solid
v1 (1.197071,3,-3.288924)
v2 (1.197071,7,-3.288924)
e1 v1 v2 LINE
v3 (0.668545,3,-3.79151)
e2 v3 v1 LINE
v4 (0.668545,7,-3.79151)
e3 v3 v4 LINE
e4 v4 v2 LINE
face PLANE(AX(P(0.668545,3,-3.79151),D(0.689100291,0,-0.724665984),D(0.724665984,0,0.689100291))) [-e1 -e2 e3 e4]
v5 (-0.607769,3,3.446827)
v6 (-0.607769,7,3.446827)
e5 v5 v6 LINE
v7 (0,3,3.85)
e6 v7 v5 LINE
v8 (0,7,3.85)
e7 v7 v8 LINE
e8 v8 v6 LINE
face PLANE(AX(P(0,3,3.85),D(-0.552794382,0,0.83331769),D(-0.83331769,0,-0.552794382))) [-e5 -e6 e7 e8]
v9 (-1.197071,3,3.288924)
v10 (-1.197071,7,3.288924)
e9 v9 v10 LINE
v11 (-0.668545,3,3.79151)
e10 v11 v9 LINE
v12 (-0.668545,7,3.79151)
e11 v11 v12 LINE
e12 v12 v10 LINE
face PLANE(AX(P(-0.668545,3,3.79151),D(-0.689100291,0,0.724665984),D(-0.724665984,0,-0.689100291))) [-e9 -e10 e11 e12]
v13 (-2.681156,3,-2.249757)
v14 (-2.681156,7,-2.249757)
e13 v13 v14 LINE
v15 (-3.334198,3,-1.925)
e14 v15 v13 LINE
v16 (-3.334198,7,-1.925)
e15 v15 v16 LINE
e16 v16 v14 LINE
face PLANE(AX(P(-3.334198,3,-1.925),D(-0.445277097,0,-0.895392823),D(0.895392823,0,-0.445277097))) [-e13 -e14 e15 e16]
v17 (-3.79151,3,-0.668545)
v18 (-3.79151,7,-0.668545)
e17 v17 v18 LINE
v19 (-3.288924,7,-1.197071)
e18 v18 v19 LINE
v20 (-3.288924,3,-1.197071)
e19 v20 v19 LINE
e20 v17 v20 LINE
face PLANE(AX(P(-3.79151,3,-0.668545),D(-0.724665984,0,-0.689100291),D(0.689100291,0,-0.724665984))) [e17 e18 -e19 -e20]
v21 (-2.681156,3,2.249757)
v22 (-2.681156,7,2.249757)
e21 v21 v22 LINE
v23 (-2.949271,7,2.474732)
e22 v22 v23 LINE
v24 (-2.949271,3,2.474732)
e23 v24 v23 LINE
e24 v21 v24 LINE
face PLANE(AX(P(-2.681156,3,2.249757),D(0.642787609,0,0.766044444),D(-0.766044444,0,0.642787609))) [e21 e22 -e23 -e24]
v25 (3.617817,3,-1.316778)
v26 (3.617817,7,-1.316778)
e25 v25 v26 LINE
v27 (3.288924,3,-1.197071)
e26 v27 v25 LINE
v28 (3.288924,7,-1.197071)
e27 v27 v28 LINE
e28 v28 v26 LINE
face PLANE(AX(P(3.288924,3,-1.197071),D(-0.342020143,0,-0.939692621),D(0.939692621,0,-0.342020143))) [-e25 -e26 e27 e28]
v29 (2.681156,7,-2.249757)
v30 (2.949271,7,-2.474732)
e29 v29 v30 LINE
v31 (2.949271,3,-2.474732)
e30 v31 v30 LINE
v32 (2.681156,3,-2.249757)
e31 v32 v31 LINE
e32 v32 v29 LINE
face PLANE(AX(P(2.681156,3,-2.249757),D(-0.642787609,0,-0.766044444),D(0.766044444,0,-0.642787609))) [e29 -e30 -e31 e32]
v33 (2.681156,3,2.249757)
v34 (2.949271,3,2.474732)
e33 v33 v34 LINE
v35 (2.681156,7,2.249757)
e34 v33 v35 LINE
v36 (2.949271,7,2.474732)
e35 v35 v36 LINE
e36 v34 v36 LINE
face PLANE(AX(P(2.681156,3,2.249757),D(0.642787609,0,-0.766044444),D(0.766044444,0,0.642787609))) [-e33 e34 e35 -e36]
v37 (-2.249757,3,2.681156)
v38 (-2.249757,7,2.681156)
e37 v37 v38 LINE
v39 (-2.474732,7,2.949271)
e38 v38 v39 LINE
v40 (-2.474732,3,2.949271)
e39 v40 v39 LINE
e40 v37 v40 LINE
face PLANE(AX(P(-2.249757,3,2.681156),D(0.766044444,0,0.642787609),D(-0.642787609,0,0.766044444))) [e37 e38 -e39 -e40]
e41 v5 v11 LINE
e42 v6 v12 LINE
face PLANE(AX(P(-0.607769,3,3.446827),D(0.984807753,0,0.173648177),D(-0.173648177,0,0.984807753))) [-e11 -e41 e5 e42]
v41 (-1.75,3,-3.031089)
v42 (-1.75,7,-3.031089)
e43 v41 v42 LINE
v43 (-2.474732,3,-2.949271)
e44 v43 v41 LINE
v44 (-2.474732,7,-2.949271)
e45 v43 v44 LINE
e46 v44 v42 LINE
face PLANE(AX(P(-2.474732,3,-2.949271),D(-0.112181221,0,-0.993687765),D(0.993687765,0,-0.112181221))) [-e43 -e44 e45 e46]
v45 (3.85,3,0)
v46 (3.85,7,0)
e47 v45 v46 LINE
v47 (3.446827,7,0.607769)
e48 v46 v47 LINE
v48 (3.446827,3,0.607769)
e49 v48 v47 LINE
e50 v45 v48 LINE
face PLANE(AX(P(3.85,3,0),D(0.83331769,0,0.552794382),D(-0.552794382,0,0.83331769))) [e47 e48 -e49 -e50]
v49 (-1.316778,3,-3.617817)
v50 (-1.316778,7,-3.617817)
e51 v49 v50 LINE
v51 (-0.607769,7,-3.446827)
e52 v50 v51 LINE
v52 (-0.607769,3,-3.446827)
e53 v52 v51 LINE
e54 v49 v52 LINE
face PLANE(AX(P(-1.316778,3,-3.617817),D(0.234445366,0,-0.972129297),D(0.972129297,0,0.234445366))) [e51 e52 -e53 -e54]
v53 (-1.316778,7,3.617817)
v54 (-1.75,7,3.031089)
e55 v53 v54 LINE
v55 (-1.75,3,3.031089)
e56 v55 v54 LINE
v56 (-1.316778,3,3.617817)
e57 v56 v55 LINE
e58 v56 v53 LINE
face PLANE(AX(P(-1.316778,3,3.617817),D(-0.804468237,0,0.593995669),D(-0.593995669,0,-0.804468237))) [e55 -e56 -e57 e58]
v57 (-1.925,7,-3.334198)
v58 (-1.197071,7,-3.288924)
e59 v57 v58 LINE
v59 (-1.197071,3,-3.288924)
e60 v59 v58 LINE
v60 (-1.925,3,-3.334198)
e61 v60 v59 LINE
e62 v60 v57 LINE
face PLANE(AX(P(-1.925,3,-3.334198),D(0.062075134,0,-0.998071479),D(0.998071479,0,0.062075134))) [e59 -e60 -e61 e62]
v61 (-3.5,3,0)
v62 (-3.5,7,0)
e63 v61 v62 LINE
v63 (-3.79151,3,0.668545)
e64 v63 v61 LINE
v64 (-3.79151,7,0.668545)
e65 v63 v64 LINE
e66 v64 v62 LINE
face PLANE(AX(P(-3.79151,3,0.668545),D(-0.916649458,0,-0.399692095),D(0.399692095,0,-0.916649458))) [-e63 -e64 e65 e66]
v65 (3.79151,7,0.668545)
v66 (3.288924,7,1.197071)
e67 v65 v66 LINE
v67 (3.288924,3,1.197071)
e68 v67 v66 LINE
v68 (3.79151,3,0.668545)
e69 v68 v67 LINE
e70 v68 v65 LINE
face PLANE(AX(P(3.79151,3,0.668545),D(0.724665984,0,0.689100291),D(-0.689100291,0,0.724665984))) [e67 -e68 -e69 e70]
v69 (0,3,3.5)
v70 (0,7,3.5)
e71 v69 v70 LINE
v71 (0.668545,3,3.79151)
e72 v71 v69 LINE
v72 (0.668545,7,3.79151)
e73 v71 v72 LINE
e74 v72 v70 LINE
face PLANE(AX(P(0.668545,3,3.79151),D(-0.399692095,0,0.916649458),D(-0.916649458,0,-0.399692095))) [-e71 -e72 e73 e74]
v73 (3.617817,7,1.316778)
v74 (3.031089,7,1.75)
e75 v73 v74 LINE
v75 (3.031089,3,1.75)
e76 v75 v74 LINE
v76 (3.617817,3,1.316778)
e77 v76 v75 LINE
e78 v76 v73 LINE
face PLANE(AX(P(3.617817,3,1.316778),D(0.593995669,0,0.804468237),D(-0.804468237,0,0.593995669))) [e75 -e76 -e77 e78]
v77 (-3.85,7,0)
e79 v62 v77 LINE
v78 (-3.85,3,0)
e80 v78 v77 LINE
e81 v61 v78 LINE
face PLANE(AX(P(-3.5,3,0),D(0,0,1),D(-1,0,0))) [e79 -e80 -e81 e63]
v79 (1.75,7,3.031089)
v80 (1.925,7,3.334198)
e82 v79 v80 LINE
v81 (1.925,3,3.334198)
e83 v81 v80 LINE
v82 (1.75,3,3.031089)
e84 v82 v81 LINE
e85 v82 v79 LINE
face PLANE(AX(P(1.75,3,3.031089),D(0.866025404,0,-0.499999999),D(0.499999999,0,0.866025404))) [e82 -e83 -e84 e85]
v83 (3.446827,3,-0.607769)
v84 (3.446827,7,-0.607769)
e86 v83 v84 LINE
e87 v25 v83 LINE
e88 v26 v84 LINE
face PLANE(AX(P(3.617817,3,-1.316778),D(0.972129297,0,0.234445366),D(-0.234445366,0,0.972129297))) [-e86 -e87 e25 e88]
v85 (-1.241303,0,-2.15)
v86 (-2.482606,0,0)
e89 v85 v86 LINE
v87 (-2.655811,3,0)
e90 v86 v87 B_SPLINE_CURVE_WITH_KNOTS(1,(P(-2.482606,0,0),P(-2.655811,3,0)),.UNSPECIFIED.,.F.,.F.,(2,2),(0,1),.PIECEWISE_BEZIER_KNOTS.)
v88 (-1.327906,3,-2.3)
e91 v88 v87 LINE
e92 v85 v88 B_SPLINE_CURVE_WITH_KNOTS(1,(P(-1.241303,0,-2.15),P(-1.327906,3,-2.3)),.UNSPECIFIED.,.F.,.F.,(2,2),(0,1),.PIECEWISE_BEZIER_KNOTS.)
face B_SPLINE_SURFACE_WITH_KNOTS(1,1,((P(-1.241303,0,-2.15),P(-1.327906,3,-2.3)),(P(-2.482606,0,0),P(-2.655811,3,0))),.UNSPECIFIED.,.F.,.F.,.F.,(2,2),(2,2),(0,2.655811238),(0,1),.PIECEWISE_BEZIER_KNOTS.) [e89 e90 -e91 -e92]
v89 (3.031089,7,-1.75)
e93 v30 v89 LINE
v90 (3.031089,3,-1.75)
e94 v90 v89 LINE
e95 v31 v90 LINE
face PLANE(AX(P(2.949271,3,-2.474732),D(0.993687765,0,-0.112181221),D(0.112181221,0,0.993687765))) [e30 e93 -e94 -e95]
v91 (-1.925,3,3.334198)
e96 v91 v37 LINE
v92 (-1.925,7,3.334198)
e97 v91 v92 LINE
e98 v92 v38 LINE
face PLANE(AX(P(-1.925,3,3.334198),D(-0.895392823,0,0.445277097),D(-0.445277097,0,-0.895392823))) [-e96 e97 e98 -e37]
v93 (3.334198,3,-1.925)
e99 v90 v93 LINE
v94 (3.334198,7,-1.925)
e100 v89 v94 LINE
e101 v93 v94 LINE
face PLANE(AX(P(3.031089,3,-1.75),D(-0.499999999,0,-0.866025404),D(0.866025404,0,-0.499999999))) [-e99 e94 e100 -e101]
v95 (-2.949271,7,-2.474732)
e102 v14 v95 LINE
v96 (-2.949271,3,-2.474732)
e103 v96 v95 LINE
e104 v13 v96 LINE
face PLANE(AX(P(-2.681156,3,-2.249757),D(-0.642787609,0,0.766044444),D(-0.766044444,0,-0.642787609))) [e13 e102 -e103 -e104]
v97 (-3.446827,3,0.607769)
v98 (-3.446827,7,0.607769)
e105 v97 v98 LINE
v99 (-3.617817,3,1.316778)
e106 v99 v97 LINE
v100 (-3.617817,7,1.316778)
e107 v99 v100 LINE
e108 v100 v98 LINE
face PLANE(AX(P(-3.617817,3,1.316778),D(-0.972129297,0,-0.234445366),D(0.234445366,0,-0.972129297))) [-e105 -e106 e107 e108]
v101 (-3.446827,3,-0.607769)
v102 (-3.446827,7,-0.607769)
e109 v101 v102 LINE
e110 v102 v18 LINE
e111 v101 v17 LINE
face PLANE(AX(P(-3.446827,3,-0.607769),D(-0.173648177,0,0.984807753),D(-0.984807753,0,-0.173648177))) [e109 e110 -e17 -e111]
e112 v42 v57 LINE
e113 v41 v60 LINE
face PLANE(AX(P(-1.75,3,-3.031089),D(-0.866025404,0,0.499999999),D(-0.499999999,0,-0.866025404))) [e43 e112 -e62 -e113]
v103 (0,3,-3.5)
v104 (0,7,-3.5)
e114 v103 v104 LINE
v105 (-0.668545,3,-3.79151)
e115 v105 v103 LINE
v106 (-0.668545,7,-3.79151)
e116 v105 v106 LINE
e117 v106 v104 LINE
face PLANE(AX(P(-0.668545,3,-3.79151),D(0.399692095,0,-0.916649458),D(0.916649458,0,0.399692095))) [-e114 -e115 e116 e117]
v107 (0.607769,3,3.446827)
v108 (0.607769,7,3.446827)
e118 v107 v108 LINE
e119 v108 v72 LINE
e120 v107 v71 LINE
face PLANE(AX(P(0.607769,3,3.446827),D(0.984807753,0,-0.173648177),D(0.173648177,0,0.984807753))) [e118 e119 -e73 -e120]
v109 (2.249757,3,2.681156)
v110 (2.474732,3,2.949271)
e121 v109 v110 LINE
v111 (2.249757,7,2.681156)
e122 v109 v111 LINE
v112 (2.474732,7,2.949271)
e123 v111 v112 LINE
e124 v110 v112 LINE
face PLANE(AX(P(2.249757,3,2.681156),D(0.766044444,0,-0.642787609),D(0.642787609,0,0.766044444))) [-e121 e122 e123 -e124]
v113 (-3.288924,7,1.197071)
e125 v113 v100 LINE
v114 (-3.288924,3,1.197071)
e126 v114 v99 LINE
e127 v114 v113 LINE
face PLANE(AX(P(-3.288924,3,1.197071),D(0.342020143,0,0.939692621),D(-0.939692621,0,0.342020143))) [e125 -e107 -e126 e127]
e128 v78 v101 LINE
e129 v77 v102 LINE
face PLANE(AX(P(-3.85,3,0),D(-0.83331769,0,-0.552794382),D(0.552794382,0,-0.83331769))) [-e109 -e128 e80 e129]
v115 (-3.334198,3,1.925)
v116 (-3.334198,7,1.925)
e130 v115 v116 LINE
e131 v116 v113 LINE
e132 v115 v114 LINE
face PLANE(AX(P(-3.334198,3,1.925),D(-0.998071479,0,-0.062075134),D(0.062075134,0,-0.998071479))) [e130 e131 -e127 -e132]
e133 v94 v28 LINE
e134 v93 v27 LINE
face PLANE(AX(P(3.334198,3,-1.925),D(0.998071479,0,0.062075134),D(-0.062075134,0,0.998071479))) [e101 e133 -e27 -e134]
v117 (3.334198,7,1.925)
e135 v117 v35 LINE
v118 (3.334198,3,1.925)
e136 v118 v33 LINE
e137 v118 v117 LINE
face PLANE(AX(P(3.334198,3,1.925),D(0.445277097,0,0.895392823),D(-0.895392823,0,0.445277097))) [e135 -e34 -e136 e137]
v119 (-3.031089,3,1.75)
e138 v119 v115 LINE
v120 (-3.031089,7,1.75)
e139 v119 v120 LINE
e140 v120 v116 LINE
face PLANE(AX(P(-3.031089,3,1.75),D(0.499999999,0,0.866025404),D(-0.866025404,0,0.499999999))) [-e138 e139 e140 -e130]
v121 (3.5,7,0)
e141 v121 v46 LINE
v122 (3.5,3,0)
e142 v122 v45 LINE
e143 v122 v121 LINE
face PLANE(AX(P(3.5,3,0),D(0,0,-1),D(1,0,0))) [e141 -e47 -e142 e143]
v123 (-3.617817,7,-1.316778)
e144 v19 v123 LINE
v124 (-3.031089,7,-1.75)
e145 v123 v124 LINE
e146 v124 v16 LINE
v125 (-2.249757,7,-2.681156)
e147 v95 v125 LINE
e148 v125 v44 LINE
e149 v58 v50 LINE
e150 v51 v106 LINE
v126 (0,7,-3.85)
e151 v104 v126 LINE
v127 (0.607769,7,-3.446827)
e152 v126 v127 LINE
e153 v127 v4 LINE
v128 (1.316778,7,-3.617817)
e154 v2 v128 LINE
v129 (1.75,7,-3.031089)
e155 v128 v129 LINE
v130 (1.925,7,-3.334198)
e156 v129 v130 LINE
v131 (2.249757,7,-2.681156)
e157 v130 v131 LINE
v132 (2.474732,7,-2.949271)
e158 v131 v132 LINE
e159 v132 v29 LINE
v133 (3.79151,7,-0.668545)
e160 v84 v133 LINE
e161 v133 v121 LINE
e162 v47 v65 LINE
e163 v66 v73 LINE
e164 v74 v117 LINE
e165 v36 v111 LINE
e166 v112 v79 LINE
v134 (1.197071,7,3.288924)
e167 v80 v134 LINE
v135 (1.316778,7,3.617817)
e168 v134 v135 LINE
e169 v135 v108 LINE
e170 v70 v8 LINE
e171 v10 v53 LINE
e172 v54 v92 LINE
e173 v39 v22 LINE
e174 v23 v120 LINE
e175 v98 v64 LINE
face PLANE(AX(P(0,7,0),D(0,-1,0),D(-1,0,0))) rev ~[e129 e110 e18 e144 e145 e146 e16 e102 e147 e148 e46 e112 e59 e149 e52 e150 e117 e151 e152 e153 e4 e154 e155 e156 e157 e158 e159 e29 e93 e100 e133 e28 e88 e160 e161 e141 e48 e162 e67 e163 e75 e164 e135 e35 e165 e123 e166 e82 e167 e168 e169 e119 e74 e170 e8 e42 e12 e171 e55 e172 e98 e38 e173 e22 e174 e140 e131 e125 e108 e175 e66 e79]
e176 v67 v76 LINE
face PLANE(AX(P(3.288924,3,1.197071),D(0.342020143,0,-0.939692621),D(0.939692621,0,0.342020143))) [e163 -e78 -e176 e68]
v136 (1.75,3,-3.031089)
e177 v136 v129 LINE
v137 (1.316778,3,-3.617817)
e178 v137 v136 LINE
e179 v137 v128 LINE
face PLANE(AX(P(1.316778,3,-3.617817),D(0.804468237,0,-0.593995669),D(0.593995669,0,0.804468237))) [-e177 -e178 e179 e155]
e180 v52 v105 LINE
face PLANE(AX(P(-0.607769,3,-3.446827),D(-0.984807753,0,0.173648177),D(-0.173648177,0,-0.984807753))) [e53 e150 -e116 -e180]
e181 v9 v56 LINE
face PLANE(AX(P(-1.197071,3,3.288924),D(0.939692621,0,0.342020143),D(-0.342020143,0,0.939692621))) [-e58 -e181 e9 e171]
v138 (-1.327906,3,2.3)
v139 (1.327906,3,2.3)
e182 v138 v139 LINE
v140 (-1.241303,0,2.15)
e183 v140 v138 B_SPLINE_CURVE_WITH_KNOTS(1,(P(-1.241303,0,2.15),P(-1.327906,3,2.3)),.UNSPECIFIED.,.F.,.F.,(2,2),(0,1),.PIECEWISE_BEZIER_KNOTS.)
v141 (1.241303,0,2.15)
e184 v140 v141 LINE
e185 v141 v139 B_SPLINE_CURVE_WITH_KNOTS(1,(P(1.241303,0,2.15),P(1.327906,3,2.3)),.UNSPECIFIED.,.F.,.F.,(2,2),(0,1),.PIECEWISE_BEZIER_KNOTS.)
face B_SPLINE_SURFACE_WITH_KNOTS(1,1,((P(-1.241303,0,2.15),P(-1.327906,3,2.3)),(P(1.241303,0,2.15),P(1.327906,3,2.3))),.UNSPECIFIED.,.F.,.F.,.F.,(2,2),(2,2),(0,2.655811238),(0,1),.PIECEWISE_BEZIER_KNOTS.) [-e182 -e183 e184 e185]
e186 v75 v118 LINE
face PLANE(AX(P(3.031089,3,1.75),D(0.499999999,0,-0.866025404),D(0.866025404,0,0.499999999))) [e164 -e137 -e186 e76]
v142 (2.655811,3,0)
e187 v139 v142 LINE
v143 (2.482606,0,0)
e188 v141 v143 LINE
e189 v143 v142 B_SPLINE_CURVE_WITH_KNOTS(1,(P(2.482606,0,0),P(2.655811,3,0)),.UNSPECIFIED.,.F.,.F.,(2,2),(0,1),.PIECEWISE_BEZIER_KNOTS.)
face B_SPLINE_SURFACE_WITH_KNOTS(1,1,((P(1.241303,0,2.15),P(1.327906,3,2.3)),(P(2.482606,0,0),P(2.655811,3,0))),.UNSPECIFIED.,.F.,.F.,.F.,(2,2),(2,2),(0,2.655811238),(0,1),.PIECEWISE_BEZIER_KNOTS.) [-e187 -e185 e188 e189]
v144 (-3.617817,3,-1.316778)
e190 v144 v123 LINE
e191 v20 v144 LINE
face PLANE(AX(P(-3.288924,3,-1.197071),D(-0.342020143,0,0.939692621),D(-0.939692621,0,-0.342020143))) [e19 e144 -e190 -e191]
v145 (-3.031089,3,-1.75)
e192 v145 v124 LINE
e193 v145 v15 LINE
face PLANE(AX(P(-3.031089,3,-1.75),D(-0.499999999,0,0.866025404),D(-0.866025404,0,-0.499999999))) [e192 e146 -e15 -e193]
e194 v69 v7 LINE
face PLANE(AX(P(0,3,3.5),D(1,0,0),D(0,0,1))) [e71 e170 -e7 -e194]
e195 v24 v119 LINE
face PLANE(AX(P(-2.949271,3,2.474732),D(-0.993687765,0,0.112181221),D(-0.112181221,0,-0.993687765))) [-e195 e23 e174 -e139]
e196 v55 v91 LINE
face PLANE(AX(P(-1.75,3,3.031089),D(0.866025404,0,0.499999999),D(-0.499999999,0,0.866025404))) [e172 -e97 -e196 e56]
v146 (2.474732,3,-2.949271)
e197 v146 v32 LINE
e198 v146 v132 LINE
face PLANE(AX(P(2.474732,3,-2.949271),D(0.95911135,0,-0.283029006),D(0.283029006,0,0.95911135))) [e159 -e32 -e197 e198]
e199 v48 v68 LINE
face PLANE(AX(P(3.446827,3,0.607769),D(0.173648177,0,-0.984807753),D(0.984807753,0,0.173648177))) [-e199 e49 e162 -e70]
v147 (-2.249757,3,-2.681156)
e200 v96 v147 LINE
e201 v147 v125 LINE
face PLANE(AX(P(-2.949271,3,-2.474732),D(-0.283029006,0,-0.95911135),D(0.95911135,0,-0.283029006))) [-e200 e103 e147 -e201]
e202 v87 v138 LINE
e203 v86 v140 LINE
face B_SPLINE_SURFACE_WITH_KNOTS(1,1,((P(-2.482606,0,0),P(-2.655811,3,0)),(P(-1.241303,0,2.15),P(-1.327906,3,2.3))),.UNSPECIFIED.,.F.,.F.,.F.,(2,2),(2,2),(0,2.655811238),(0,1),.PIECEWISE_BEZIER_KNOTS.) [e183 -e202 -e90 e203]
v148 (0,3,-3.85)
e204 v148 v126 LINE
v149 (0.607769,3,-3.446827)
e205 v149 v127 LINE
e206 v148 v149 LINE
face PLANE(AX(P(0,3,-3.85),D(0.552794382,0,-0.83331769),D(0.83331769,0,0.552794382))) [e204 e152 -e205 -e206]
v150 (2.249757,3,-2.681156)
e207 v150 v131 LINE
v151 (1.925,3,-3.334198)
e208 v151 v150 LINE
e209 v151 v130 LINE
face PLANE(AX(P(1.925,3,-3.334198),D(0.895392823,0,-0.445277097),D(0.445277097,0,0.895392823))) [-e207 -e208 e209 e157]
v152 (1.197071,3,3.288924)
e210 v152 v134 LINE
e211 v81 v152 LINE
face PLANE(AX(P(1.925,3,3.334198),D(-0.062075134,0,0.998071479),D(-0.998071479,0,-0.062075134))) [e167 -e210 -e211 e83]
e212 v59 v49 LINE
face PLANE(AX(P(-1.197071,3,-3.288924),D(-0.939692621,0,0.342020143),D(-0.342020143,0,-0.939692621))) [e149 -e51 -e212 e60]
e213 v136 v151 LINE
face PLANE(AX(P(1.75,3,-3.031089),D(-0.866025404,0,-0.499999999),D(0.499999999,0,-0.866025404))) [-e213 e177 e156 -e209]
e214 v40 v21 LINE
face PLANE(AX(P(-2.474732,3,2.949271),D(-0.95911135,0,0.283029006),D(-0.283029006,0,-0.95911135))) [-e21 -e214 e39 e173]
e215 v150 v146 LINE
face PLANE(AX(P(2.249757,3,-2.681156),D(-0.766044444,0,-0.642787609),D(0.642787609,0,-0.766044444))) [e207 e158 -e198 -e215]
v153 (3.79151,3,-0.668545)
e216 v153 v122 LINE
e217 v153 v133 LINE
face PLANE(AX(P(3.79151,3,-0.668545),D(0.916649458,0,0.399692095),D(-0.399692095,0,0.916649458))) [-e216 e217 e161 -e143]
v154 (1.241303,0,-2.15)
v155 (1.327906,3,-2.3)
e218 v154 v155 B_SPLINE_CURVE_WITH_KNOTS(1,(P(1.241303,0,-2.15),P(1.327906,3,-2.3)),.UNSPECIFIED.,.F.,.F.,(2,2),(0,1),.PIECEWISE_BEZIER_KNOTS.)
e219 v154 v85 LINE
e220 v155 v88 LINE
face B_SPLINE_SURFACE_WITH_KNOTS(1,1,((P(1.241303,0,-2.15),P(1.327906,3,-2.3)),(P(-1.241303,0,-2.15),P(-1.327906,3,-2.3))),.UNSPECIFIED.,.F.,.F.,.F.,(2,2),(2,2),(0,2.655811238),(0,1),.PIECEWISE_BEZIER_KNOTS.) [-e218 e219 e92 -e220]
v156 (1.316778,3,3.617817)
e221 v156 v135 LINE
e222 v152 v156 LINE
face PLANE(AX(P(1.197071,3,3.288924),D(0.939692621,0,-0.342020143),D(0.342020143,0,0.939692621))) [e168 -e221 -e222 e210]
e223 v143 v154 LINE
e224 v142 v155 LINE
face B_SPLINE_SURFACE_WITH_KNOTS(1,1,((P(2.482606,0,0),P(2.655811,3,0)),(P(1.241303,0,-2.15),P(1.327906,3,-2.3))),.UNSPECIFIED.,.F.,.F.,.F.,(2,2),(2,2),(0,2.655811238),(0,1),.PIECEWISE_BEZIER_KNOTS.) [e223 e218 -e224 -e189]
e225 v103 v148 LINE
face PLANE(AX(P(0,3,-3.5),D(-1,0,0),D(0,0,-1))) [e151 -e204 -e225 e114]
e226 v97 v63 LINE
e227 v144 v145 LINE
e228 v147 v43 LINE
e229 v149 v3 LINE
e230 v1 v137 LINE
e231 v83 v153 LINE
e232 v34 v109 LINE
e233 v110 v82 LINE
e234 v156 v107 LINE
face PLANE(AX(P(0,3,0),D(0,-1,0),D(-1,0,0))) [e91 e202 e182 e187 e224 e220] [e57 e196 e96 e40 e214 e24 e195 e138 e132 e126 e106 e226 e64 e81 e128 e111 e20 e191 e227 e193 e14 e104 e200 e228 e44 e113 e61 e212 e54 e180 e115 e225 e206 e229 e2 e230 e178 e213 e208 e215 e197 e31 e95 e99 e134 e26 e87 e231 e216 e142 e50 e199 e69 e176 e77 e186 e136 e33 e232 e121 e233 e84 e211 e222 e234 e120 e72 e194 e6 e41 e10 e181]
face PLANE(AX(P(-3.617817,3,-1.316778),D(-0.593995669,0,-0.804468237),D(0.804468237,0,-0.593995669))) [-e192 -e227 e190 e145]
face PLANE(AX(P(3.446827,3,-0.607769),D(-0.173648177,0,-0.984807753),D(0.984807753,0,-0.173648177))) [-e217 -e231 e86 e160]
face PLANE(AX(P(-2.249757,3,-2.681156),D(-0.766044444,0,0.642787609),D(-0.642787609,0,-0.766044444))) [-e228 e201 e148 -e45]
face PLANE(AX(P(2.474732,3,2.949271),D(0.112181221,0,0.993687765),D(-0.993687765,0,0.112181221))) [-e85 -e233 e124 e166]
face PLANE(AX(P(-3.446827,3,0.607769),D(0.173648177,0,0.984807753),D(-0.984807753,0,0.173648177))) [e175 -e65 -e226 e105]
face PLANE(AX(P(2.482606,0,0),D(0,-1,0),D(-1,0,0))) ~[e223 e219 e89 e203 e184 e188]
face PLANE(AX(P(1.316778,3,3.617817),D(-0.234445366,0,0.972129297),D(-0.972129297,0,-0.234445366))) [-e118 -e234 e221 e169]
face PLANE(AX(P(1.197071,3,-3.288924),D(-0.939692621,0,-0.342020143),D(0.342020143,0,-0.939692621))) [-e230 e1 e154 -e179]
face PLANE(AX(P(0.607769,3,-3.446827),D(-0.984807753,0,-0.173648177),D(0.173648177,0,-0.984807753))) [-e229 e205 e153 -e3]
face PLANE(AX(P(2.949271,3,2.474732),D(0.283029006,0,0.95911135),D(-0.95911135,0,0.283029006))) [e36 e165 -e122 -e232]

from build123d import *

# Parameters (mm, degrees)
BOSS_EXTRUDE1_DEPTH = 4


with BuildPart() as part:
    # Sketch1 → Loft1 section 0
    with BuildSketch(Plane(origin=(0, 0, 0), x_dir=(1, 0, 0), z_dir=(0, 1, 0))):
        with BuildLine():
            Line((2.482606158, 0), (1.241303079, 2.15))
            Line((1.241303079, 2.15), (-1.241303079, 2.15))
            Line((-1.241303079, 2.15), (-2.482606158, 0))
            Line((-2.482606158, 0), (-1.241303079, -2.15))
            Line((-1.241303079, -2.15), (1.241303079, -2.15))
            Line((1.241303079, -2.15), (2.482606158, 0))
        make_face()
    # Sketch2 → Loft1 section 1
    with BuildSketch(Plane(origin=(0, 3, 0), x_dir=(1, 0, 0), z_dir=(0, 1, 0))):
        with BuildLine():
            Line((2.655811238, 0), (1.327905619, 2.3))
            Line((1.327905619, 2.3), (-1.327905619, 2.3))
            Line((-1.327905619, 2.3), (-2.655811238, 0))
            Line((-2.655811238, 0), (-1.327905619, -2.3))
            Line((-1.327905619, -2.3), (1.327905619, -2.3))
            Line((1.327905619, -2.3), (2.655811238, 0))
        make_face()
    loft()

    # Sketch3 → Boss-Extrude1 (add)
    with BuildSketch(Plane(origin=(0, 3, 0), x_dir=(1, 0, 0), z_dir=(0, 1, 0))):
        Polygon((0, 3.5), (0, 3.85), (0.607768622, 3.446827136), (0.668545484, 3.791509849), (1.197070502, 3.288924173), (1.316777552, 3.61781659), (1.75, 3.031088913), (1.925, 3.334197805), (2.249756634, 2.681155551), (2.474732297, 2.949271106), (2.681155551, 2.249756634), (2.949271106, 2.474732297), (3.031088913, 1.75), (3.334197805, 1.925), (3.288924173, 1.197070502), (3.61781659, 1.316777552), (3.446827136, 0.607768622), (3.791509849, 0.668545484), (3.5, 0), (3.85, 0), (3.446827136, -0.607768622), (3.791509849, -0.668545484), (3.288924173, -1.197070502), (3.61781659, -1.316777552), (3.031088913, -1.75), (3.334197805, -1.925), (2.681155551, -2.249756634), (2.949271106, -2.474732297), (2.249756634, -2.681155551), (2.474732297, -2.949271106), (1.75, -3.031088913), (1.925, -3.334197805), (1.197070502, -3.288924173), (1.316777552, -3.61781659), (0.607768622, -3.446827136), (0.668545484, -3.791509849), (0, -3.5), (0, -3.85), (-0.607768622, -3.446827136), (-0.668545484, -3.791509849), (-1.197070502, -3.288924173), (-1.316777552, -3.61781659), (-1.75, -3.031088913), (-1.925, -3.334197805), (-2.249756634, -2.681155551), (-2.474732297, -2.949271106), (-2.681155551, -2.249756634), (-2.949271106, -2.474732297), (-3.031088913, -1.75), (-3.334197805, -1.925), (-3.288924173, -1.197070502), (-3.61781659, -1.316777552), (-3.446827136, -0.607768622), (-3.791509849, -0.668545484), (-3.5, 0), (-3.85, 0), (-3.446827136, 0.607768622), (-3.791509849, 0.668545484), (-3.288924173, 1.197070502), (-3.61781659, 1.316777552), (-3.031088913, 1.75), (-3.334197805, 1.925), (-2.681155551, 2.249756634), (-2.949271106, 2.474732297), (-2.249756634, 2.681155551), (-2.474732297, 2.949271106), (-1.75, 3.031088913), (-1.925, 3.334197805), (-1.197070502, 3.288924173), (-1.316777552, 3.61781659), (-0.607768622, 3.446827136), (-0.668545484, 3.791509849), align=None)
    extrude(amount=BOSS_EXTRUDE1_DEPTH)


solid = part.part
